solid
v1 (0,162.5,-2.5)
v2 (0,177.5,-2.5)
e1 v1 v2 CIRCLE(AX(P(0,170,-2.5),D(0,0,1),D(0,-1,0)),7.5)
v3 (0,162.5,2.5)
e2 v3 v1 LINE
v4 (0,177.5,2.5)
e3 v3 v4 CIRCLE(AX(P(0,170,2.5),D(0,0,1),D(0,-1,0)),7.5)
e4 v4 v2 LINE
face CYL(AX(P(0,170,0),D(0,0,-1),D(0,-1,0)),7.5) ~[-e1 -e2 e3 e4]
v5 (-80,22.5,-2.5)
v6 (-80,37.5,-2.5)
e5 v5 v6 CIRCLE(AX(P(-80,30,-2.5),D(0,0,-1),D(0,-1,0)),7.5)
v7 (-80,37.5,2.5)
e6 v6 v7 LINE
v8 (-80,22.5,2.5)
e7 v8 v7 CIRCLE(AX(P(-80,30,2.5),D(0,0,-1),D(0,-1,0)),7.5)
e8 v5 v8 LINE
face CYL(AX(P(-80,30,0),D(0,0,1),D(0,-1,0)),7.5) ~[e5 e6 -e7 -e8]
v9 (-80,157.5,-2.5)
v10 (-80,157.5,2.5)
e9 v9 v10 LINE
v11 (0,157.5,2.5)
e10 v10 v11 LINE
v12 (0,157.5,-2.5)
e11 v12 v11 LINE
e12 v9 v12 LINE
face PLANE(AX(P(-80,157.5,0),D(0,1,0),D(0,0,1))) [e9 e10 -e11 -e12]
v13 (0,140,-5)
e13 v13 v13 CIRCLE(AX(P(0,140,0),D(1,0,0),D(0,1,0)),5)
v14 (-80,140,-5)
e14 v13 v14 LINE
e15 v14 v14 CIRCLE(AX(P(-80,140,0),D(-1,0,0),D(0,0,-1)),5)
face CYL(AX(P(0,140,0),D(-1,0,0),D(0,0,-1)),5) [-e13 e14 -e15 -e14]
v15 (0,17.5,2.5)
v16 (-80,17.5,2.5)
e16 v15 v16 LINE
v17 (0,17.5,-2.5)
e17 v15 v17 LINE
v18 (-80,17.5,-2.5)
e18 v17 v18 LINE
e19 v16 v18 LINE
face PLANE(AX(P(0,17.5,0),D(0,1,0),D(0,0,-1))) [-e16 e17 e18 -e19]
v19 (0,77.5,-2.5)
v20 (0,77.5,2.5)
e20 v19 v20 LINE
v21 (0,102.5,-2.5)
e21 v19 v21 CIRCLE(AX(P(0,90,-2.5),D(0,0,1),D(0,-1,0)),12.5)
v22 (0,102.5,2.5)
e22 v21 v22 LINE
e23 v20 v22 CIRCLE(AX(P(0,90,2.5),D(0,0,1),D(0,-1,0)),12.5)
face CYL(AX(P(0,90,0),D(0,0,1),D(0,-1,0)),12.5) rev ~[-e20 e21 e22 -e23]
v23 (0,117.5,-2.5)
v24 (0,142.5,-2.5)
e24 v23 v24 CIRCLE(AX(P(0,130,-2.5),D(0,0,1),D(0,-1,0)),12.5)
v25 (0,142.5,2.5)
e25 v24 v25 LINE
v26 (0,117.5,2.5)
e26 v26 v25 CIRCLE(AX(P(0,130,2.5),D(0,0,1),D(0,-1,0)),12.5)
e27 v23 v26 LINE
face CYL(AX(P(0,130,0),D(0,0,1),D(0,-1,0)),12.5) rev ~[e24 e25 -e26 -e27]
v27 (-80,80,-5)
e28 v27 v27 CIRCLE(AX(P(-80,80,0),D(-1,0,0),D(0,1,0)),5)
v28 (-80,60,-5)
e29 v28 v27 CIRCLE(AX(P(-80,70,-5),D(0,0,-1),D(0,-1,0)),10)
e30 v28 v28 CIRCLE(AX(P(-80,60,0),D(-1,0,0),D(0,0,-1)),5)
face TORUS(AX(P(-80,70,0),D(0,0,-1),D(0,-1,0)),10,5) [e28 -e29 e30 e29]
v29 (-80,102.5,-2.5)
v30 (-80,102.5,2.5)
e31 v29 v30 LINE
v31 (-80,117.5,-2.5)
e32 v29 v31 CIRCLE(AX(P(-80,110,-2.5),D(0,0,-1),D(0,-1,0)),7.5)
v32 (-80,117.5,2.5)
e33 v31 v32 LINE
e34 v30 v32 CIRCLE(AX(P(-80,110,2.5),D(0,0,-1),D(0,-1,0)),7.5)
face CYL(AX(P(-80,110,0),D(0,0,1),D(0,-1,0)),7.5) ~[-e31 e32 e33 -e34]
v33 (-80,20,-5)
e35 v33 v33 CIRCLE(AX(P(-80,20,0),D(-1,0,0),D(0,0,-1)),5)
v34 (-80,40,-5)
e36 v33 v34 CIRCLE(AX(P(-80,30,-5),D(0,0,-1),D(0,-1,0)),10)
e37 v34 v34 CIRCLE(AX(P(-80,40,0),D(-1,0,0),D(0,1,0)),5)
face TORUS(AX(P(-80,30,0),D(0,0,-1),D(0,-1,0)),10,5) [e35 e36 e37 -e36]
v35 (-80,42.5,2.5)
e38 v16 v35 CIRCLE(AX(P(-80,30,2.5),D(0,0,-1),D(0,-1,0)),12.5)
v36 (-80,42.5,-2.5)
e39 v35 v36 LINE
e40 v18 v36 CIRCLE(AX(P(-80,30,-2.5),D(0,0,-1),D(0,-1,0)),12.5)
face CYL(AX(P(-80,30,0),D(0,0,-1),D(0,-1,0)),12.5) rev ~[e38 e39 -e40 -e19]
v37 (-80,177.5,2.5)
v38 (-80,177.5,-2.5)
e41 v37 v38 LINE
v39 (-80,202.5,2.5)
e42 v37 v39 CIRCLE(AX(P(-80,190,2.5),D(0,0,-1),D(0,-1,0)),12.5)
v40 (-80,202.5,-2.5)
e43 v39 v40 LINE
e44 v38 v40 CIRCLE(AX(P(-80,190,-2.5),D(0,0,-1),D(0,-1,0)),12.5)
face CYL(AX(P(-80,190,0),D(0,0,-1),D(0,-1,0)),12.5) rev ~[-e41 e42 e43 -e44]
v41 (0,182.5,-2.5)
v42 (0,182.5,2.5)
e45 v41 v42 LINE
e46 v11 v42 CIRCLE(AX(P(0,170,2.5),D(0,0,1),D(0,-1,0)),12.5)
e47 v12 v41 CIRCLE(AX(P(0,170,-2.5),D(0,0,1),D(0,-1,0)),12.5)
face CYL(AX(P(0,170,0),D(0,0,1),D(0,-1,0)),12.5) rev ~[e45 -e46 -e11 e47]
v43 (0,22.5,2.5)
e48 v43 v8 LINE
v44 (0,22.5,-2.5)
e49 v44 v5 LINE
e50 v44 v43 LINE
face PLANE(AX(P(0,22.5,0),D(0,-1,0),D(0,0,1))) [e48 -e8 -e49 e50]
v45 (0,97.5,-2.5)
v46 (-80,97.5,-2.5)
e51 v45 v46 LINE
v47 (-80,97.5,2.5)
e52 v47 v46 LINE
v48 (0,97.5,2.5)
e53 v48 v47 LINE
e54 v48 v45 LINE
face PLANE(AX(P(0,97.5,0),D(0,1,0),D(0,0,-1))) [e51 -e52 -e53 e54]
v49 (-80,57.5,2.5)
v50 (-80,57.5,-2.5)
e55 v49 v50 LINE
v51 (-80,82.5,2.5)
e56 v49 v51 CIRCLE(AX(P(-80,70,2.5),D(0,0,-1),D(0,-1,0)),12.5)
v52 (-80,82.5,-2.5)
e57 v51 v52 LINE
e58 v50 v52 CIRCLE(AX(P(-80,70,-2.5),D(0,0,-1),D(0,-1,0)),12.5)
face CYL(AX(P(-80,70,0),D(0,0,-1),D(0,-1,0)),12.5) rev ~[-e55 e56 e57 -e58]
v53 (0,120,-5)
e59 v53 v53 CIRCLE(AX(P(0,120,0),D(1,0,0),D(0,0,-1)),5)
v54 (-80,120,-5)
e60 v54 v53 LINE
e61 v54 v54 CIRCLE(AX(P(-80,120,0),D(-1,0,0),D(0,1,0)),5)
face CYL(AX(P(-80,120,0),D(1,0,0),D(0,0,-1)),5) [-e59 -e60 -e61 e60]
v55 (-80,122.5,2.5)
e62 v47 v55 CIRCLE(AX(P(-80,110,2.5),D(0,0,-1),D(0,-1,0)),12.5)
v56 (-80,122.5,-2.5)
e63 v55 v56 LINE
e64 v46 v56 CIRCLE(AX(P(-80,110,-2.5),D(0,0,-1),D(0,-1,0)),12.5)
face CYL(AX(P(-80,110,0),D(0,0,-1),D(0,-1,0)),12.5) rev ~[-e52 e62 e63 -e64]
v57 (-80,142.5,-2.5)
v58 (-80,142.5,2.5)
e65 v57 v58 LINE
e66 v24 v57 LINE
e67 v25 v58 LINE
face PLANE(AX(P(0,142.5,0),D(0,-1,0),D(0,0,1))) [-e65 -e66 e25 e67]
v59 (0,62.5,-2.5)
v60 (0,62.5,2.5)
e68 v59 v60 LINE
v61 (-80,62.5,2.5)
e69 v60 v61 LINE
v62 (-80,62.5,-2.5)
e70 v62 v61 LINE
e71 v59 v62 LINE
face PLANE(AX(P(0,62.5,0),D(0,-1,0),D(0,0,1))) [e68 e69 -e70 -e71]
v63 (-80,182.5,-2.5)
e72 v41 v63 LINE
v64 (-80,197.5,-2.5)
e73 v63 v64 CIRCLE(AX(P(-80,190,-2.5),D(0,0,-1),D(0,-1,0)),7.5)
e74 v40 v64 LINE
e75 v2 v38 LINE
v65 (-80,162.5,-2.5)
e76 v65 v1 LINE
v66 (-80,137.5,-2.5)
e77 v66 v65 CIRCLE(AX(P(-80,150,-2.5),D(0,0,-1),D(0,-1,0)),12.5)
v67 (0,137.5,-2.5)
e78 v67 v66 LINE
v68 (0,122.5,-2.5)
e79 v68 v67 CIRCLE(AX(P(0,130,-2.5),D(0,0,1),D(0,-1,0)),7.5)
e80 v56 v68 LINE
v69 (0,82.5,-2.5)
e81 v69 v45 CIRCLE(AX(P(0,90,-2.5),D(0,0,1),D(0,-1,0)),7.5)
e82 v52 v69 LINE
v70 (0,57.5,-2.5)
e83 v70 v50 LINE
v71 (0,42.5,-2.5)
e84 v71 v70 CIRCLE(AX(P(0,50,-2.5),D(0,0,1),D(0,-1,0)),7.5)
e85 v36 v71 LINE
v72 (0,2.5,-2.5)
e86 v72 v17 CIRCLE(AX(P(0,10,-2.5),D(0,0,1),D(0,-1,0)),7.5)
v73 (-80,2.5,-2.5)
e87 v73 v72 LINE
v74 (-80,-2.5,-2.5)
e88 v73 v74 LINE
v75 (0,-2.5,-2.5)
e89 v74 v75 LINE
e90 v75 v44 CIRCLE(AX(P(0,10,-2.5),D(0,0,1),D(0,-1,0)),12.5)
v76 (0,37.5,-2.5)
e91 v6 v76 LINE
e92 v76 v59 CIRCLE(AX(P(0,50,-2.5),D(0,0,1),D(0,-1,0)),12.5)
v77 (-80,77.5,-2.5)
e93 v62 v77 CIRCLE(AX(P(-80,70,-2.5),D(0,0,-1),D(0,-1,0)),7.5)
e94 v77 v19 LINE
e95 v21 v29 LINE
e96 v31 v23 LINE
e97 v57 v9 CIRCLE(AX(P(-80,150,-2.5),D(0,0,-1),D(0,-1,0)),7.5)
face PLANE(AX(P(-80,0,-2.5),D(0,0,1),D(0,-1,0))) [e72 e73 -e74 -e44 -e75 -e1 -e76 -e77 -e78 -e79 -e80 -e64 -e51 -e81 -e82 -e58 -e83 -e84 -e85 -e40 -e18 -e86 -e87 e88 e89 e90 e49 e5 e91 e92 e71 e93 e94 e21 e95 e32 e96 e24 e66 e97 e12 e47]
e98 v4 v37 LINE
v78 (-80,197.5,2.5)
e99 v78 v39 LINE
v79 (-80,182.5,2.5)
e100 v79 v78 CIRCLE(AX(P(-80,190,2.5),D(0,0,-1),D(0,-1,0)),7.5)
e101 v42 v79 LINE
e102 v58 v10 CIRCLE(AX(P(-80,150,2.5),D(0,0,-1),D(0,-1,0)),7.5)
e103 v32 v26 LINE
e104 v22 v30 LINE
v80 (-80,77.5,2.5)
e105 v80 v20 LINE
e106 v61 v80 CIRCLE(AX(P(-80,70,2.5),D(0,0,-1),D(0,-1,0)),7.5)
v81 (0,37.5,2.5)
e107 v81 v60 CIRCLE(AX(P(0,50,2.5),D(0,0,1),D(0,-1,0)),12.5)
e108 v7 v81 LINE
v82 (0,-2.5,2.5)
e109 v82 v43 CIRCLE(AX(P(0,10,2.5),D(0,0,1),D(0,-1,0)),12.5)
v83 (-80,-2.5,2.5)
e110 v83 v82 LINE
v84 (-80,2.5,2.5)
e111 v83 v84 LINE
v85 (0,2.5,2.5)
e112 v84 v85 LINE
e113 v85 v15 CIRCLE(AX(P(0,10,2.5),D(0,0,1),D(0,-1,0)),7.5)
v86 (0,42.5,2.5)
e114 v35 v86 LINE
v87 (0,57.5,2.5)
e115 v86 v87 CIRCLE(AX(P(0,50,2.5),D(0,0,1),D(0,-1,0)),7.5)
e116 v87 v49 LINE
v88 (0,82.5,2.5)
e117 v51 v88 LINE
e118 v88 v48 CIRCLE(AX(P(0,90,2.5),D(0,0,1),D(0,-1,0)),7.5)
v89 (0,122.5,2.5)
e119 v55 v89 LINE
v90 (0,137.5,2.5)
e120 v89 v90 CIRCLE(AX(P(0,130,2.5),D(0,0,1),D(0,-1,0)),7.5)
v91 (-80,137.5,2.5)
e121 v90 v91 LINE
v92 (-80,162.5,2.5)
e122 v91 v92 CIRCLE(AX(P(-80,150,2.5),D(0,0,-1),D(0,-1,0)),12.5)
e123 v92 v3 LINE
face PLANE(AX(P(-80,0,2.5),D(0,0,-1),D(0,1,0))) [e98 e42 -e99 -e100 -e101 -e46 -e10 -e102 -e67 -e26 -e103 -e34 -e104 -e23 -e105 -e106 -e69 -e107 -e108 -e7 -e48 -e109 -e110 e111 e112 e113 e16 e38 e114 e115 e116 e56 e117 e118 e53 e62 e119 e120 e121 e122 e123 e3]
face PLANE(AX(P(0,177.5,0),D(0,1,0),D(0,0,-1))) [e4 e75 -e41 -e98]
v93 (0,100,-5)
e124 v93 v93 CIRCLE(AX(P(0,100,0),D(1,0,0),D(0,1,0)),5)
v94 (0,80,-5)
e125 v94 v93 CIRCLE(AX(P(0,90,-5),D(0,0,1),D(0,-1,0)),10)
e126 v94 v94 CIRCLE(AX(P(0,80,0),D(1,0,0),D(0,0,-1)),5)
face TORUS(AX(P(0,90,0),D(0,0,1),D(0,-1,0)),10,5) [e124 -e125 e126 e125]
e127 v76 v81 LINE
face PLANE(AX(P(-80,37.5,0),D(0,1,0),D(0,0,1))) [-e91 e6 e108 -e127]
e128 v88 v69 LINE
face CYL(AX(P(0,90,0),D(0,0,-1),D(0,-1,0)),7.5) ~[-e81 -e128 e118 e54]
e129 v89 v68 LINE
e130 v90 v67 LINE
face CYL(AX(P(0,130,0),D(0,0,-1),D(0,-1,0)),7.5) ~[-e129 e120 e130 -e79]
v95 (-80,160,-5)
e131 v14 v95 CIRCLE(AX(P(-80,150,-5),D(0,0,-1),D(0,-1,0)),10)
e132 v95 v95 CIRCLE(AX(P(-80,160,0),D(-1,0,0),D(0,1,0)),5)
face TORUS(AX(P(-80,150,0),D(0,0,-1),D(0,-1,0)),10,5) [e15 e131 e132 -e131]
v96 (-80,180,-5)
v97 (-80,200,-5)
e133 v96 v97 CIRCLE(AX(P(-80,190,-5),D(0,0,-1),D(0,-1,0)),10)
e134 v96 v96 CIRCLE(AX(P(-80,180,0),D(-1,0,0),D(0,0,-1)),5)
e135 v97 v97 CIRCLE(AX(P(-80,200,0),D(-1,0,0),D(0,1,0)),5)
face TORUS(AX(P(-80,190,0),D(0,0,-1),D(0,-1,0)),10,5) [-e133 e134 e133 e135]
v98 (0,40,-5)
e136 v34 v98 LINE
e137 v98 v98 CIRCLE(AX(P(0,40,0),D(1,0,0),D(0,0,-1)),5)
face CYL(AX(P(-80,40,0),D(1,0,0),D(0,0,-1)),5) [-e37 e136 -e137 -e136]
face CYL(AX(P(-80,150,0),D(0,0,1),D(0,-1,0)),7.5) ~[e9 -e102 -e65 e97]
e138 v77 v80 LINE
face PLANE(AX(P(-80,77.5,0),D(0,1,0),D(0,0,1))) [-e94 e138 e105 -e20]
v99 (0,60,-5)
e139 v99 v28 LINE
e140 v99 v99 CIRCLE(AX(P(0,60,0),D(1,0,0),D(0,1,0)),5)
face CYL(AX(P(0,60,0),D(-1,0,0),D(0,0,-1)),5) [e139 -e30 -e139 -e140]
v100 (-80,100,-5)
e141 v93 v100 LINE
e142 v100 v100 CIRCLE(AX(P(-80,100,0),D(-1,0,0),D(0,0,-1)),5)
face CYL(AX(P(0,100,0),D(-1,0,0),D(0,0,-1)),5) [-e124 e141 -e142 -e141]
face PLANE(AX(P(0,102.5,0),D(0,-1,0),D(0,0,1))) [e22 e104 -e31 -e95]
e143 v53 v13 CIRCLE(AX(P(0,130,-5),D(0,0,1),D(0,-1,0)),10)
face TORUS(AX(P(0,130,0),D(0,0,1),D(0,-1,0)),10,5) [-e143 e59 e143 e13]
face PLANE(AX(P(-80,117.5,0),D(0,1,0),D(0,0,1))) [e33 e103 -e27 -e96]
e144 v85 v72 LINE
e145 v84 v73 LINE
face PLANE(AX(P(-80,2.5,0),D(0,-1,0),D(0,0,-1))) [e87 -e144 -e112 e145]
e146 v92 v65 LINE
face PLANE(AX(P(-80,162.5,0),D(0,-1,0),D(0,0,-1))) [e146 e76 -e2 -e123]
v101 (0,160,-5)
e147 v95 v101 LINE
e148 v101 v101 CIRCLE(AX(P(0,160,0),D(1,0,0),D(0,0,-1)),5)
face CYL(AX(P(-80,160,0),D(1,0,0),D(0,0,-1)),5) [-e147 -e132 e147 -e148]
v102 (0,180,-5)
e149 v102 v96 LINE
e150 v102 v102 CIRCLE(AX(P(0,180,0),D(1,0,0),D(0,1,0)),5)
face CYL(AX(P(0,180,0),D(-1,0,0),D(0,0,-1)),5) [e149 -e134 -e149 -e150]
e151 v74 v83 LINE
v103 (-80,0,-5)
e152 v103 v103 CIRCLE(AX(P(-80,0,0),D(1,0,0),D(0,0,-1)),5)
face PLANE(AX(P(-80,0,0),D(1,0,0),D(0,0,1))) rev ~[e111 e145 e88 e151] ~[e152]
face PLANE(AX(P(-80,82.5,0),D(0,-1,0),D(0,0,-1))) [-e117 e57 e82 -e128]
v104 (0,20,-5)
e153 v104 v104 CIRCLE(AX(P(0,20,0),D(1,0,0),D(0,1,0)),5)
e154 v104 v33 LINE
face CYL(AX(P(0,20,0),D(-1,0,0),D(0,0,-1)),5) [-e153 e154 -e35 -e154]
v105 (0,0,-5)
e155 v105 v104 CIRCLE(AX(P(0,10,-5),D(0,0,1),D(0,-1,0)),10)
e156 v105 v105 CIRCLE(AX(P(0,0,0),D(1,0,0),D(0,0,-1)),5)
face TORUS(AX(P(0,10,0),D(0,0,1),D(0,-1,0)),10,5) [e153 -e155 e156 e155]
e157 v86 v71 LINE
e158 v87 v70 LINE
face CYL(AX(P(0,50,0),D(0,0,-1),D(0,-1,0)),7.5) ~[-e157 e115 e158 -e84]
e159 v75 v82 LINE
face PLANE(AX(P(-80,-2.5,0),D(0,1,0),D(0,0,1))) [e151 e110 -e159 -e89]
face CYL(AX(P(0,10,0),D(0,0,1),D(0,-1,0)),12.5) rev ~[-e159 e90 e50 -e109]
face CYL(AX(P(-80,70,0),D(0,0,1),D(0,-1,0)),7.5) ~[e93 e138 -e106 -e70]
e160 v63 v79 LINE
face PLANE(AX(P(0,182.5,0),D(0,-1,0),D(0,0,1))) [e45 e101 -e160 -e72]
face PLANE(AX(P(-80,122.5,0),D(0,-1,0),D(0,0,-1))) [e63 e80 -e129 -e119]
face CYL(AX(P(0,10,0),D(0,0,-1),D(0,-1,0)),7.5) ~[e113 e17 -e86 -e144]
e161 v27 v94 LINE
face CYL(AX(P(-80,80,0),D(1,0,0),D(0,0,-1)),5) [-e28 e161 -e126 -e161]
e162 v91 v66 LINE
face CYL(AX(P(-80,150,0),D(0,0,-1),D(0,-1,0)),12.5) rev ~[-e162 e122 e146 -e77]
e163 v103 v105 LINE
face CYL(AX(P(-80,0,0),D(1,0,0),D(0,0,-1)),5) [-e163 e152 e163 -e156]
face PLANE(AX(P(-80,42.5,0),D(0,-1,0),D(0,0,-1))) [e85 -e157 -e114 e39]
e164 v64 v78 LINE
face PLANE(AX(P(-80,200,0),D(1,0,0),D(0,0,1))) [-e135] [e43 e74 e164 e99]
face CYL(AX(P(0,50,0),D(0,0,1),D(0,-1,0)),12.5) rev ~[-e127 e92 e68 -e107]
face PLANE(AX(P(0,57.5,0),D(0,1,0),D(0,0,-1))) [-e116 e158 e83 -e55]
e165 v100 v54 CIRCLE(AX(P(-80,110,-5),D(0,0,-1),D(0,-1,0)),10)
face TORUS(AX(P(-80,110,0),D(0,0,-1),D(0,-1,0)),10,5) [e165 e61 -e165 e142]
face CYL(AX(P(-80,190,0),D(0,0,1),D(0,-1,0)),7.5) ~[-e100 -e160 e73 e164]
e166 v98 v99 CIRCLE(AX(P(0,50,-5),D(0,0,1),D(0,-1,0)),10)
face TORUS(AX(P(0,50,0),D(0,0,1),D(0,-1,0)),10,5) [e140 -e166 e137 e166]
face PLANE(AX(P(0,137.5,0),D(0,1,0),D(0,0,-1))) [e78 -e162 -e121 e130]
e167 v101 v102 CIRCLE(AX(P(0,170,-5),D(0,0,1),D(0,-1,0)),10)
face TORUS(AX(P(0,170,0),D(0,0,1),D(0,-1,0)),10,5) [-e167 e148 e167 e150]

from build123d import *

# Parameters (mm, degrees)
ESBO_O65_R = 5
ESBO_O65_W = 5
ESBO_O65_H = 5


with BuildPart() as part:
    # Varredura5: sweep along a path in Esboço10
    with BuildLine(Plane.XY) as varredura5_path:
        Line((-80, 0), (0, 0))
        ThreePointArc((0, 0), (10, 10), (0, 20))
        Line((0, 20), (-80, 20))
        ThreePointArc((-80, 20), (-90, 30), (-80, 40))
        Line((-80, 40), (0, 40))
        ThreePointArc((0, 40), (10, 50), (0, 60))
        Line((0, 60), (-80, 60))
        ThreePointArc((-80, 60), (-90, 70), (-80, 80))
        Line((-80, 80), (0, 80))
        ThreePointArc((0, 80), (10, 90), (0, 100))
        Line((0, 100), (-80, 100))
        ThreePointArc((-80, 100), (-90, 110), (-80, 120))
        Line((-80, 120), (0, 120))
        ThreePointArc((0, 120), (10, 130), (0, 140))
        Line((0, 140), (-80, 140))
        ThreePointArc((-80, 140), (-90, 150), (-80, 160))
        Line((-80, 160), (0, 160))
        ThreePointArc((0, 160), (10, 170), (0, 180))
        Line((0, 180), (-80, 180))
        ThreePointArc((-80, 180), (-90, 190), (-80, 200))
    # Esboço65 → Varredura5 (sweep)
    with BuildSketch(Plane(origin=(-80, 0, 0), x_dir=(0, 0, -1), z_dir=(1, 0, 0))):
        Circle(ESBO_O65_R)
        Rectangle(ESBO_O65_W, ESBO_O65_H, mode=Mode.SUBTRACT)
    sweep(path=varredura5_path.line)


solid = part.part
